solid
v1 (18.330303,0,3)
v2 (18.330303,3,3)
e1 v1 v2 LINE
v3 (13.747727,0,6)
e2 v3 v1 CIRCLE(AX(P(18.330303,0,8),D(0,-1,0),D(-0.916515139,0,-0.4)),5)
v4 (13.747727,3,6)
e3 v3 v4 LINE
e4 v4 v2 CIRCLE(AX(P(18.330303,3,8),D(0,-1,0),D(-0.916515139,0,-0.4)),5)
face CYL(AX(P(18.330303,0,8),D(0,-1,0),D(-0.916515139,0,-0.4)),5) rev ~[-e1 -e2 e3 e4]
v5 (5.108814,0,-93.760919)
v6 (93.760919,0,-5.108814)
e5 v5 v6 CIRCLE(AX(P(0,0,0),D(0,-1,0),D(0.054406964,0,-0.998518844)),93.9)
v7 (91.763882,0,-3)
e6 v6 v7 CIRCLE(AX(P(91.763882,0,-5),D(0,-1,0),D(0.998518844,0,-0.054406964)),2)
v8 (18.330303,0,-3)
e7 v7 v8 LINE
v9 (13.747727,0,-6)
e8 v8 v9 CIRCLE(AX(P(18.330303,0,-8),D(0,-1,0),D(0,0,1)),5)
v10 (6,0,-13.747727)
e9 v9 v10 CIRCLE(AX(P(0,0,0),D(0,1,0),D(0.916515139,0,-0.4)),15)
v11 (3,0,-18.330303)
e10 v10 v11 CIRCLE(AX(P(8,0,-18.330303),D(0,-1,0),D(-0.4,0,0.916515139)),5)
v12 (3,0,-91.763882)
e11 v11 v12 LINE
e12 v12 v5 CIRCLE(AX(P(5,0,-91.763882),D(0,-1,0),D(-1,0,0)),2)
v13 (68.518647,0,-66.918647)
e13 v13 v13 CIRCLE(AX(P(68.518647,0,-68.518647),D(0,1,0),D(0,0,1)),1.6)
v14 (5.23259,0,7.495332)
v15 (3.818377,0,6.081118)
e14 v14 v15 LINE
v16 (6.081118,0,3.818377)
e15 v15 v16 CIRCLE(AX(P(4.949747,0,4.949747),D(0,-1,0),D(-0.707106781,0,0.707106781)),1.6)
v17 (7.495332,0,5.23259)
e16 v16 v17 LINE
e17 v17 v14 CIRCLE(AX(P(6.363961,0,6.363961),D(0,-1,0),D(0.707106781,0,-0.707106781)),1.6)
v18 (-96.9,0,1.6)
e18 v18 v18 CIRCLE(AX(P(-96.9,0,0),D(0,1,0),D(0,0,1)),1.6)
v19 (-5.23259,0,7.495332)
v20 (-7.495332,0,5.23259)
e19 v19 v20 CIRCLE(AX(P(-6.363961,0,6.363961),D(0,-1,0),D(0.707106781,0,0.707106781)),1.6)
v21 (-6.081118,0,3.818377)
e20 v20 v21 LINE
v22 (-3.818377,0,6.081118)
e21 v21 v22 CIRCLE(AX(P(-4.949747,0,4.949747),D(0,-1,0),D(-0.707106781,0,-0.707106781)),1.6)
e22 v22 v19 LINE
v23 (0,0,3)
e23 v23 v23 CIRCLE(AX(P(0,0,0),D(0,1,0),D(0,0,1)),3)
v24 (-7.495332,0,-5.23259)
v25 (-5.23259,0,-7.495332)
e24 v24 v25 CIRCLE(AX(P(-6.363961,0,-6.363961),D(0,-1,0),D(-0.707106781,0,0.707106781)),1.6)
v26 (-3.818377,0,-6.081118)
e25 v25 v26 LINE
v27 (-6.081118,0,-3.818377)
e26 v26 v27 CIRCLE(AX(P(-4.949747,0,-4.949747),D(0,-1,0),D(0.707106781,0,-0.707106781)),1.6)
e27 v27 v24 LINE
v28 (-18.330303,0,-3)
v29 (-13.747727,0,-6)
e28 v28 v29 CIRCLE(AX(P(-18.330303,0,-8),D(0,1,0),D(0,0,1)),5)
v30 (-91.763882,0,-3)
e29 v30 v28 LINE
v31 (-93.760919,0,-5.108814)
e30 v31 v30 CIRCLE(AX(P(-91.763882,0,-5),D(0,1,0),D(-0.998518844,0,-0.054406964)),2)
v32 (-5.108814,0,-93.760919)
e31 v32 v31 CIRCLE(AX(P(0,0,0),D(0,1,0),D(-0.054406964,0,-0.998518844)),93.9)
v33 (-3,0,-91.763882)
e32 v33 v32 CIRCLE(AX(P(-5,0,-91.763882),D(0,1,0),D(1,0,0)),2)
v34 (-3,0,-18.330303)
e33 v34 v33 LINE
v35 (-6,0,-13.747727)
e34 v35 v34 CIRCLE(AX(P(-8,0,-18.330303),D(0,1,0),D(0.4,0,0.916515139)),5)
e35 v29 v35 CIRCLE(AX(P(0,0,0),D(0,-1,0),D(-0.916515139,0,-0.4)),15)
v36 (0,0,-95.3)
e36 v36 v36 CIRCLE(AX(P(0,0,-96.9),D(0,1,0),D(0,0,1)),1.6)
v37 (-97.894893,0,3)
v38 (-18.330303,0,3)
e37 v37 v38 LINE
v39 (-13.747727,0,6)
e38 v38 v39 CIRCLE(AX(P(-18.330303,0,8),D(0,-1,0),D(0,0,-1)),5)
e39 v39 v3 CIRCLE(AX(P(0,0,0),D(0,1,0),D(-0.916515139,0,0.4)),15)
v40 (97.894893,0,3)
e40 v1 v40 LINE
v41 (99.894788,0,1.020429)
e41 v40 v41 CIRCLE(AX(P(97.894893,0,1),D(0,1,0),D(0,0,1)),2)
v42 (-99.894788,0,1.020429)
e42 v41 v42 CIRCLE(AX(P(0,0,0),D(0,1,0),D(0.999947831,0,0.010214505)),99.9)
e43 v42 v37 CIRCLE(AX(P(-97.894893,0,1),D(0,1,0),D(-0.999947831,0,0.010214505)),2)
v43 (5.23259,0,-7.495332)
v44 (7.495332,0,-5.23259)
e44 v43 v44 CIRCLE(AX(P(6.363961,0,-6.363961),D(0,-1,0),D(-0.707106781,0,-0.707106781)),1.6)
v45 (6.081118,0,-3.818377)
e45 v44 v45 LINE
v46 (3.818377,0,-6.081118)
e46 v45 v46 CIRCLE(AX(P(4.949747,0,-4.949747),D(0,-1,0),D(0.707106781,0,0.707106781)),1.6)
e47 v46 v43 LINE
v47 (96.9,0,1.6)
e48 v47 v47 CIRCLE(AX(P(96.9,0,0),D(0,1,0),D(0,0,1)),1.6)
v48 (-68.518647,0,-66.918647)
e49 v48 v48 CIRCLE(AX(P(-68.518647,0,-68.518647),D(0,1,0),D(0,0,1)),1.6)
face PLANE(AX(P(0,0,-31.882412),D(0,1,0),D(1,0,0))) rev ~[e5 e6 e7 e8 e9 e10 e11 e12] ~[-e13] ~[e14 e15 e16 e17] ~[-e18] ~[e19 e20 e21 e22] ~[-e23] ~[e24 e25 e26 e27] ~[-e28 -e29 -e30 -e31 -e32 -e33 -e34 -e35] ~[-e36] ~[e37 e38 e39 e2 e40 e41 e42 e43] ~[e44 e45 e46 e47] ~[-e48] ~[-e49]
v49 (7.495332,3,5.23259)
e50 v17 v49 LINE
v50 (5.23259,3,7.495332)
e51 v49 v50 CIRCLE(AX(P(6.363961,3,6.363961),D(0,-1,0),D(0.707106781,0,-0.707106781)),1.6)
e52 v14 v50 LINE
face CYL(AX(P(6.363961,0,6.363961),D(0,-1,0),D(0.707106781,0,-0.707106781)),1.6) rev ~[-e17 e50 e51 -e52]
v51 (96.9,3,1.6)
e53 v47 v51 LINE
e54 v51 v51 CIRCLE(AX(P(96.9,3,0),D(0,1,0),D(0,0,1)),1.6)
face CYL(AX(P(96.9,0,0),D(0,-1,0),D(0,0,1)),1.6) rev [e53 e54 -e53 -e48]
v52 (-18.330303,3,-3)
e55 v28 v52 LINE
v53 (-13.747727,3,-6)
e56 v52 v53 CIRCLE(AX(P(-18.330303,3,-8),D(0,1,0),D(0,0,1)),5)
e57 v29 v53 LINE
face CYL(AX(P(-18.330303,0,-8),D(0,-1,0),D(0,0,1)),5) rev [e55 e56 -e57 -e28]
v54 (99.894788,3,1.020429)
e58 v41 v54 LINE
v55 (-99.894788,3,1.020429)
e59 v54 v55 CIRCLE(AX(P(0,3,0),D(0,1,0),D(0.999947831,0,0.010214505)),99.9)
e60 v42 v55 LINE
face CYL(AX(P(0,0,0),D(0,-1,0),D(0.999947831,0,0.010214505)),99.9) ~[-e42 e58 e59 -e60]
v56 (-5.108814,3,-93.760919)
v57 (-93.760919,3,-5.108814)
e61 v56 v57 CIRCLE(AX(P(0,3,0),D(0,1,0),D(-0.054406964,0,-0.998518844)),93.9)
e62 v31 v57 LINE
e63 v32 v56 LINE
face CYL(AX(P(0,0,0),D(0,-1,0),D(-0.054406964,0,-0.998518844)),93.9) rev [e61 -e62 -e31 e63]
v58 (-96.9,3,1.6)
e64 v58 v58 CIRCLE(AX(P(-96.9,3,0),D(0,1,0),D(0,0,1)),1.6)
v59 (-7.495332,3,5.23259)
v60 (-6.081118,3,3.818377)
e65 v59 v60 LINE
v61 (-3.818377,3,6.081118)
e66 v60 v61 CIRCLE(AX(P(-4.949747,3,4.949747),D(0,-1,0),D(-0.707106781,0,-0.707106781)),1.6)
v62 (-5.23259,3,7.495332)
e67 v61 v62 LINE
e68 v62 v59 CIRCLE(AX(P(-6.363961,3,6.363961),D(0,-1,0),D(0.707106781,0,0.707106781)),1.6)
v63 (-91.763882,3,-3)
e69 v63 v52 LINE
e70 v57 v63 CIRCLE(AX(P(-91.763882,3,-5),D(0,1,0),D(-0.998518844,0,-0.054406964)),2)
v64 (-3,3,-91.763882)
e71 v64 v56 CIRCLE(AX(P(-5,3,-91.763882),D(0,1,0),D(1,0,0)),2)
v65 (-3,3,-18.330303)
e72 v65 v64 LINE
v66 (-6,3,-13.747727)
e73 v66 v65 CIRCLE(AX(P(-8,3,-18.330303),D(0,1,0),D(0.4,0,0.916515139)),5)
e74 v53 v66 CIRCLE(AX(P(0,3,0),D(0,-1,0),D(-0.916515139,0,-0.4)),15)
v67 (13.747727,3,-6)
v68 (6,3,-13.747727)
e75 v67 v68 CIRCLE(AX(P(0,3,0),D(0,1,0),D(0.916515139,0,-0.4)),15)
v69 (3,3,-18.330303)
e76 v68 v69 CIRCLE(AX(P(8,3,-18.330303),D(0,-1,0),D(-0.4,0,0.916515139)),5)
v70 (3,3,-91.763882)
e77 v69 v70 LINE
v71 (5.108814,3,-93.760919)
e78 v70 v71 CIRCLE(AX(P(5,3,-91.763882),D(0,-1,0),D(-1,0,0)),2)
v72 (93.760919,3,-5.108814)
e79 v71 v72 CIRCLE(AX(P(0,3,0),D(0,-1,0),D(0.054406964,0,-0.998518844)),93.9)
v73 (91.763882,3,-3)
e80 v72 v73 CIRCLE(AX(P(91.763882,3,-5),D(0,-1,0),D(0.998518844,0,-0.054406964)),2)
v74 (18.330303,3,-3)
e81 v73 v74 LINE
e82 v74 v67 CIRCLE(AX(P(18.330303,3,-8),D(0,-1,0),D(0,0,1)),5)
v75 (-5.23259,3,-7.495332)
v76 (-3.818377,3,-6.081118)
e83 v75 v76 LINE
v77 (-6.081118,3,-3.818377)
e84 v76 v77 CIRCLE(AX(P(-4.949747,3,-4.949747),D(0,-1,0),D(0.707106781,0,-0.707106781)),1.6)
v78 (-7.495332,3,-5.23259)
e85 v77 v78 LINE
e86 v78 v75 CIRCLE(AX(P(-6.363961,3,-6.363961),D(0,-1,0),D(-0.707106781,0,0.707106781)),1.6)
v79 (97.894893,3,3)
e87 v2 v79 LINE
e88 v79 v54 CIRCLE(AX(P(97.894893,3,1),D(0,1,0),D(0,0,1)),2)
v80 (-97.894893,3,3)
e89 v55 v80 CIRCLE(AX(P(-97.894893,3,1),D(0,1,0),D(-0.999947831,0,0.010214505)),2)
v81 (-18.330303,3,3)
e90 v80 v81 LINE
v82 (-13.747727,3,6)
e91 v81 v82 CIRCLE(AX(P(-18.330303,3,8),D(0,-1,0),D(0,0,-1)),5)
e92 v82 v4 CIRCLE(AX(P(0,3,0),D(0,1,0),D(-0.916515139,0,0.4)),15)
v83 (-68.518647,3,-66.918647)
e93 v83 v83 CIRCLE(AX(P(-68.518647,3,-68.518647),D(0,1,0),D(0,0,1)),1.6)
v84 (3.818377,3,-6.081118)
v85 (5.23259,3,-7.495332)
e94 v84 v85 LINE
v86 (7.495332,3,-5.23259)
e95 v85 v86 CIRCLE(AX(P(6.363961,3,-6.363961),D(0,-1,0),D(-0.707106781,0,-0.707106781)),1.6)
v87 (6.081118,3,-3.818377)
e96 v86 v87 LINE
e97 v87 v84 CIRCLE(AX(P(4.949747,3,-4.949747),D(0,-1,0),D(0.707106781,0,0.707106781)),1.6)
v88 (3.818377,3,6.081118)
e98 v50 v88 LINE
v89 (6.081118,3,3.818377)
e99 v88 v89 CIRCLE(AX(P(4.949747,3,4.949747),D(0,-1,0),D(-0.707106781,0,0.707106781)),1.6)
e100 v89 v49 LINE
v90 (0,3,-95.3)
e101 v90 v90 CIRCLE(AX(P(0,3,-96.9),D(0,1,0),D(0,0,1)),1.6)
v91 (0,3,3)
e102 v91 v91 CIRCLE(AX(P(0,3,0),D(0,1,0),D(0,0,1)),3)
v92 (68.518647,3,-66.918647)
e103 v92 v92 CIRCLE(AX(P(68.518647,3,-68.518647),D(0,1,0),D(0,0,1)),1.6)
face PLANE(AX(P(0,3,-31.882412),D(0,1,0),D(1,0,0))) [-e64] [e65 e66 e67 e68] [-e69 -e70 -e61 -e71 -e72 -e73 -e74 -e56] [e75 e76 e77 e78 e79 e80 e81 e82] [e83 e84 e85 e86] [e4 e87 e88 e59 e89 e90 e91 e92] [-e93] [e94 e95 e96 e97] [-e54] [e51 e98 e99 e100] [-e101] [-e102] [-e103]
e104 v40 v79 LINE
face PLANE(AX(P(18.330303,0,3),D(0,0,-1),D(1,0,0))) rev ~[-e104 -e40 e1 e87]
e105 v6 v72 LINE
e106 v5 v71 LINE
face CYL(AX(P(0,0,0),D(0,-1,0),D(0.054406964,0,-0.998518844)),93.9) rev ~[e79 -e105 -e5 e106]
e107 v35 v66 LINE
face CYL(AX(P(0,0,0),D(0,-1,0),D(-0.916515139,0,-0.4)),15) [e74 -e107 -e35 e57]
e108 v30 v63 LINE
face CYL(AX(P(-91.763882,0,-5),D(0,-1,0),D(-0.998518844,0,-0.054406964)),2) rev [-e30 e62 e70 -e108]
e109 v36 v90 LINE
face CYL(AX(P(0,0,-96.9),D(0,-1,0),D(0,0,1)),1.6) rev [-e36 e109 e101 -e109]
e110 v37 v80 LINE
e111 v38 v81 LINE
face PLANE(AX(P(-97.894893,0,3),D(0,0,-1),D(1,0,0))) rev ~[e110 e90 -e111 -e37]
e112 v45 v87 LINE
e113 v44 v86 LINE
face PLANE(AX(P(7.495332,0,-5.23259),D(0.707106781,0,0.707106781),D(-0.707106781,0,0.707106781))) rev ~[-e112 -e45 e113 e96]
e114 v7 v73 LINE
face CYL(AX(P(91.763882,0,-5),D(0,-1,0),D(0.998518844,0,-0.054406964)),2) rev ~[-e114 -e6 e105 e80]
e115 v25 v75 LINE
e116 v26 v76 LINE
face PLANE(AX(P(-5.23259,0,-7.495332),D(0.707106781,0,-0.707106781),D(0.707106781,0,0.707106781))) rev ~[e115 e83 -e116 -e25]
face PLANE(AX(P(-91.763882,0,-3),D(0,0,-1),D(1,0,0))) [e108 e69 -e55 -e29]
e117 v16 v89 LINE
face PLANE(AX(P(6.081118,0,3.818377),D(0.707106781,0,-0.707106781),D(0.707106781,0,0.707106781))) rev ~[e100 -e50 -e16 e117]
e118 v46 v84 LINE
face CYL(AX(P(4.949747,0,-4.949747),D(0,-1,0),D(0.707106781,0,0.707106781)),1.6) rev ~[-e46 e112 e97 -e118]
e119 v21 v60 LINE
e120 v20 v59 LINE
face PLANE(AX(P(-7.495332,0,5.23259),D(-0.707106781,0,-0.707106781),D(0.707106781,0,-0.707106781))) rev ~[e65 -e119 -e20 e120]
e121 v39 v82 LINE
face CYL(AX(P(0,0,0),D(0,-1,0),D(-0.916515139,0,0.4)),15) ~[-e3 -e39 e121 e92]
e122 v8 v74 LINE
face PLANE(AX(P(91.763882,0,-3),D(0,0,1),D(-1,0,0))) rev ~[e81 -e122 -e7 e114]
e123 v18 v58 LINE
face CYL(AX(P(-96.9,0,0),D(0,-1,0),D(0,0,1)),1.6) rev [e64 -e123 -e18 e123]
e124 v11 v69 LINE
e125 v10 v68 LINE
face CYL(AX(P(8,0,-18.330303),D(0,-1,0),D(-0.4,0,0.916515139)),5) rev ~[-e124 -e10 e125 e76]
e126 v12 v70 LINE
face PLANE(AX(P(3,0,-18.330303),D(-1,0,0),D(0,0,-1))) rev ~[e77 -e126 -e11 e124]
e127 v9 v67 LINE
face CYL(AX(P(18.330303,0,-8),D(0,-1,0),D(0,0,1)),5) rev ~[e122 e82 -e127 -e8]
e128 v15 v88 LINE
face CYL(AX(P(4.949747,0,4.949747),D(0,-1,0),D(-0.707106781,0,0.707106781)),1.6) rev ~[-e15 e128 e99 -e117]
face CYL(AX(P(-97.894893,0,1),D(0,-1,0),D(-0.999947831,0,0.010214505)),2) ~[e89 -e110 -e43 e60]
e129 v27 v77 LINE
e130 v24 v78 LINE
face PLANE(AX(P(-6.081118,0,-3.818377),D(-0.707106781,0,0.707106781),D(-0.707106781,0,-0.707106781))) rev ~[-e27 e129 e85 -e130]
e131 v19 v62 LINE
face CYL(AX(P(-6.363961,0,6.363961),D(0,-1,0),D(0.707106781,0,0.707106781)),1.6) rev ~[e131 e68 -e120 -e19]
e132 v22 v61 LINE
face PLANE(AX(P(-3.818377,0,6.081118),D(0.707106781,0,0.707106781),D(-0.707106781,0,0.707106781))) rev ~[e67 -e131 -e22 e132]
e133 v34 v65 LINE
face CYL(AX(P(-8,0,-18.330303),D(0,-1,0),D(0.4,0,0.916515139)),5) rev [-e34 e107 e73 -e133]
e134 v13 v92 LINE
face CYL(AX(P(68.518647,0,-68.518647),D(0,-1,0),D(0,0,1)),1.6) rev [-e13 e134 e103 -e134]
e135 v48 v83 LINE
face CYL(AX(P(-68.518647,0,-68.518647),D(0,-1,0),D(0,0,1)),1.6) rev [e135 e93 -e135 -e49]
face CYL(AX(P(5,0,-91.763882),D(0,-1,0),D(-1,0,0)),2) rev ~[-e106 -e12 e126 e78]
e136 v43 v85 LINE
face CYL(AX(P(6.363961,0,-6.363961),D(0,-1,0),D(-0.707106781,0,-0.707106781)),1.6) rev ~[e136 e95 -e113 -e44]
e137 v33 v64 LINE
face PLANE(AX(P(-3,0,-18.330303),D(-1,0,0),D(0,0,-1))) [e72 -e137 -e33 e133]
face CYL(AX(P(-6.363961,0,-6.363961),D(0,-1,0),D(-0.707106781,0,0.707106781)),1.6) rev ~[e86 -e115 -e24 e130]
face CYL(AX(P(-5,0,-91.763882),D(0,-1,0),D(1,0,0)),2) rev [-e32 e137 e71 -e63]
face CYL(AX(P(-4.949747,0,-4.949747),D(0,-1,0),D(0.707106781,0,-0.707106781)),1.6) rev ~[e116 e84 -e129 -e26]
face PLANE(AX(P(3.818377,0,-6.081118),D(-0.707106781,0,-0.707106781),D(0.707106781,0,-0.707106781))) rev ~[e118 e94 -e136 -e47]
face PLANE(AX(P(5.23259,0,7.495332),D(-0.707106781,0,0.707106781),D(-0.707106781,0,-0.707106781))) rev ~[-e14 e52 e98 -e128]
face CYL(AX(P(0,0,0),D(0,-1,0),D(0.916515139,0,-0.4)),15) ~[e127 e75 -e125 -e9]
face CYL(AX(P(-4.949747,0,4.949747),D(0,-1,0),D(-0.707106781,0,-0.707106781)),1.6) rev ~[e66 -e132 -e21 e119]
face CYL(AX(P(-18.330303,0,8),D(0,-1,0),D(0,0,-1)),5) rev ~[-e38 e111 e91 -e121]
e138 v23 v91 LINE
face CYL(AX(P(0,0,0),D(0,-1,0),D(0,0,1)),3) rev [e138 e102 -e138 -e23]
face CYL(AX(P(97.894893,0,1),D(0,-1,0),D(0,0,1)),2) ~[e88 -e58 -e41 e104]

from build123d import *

# Parameters (mm, degrees)
SKETCH_1_R      = 1.6
SKETCH_1_R_2    = 3
EXTRUDE_1_DEPTH = 3


with BuildPart() as part:
    # 草图1 → 凸台-拉伸1 (new body)
    with BuildSketch(Plane(origin=(0, 0, 0), x_dir=(1, 0, 0), z_dir=(0, 1, 0))):
        with BuildLine():
            Line((-97.894892614, -3), (-18.33030278, -3))
            ThreePointArc((-18.33030278, -3), (-15.591689992, -3.816699867), (-13.747727085, -6))
            ThreePointArc((-13.747727085, -6), (0, -15), (13.747727085, -6))
            ThreePointArc((13.747727085, -6), (15.591689992, -3.816699867), (18.33030278, -3))
            Line((18.33030278, -3), (97.894892614, -3))
            ThreePointArc((97.894892614, -3), (99.301864892, -2.421417957), (99.894788276, -1.020429009))
            ThreePointArc((99.894788276, -1.020429009), (0, 99.9), (-99.894788276, -1.020429009))
            ThreePointArc((-99.894788276, -1.020429009), (-99.301864892, -2.421417957), (-97.894892614, -3))
        make_face()
        with Locations(Location((0, 96.9, 0), (0, 0, 270))):
            Circle(SKETCH_1_R, mode=Mode.SUBTRACT)
        with Locations(Location((68.518647097, 68.518647097, 0), (0, 0, 270))):
            Circle(SKETCH_1_R, mode=Mode.SUBTRACT)
        with Locations(Location((96.9, 0, 0), (0, 0, 270))):
            Circle(SKETCH_1_R, mode=Mode.SUBTRACT)
        with Locations(Location((-96.9, 0, 0), (0, 0, 270))):
            Circle(SKETCH_1_R, mode=Mode.SUBTRACT)
        with Locations(Location((-68.518647097, 68.518647097, 0), (0, 0, 270))):
            Circle(SKETCH_1_R, mode=Mode.SUBTRACT)
        with Locations(Location((0, 0, 0), (0, 0, 270))):
            Circle(SKETCH_1_R_2, mode=Mode.SUBTRACT)
        with BuildLine():
            Line((6.081118318, -3.818376618), (7.495331881, -5.232590181))
            ThreePointArc((7.495331881, -5.232590181), (7.495331881, -7.495331881), (5.232590181, -7.495331881))
            Line((5.232590181, -7.495331881), (3.818376618, -6.081118318))
            ThreePointArc((3.818376618, -6.081118318), (3.818376618, -3.818376618), (6.081118318, -3.818376618))
        make_face(mode=Mode.SUBTRACT)
        with BuildLine():
            Line((-3.818376618, -6.081118318), (-5.232590181, -7.495331881))
            ThreePointArc((-5.232590181, -7.495331881), (-7.495331881, -7.495331881), (-7.495331881, -5.232590181))
            Line((-7.495331881, -5.232590181), (-6.081118318, -3.818376618))
            ThreePointArc((-6.081118318, -3.818376618), (-3.818376618, -3.818376618), (-3.818376618, -6.081118318))
        make_face(mode=Mode.SUBTRACT)
        with BuildLine():
            Line((-6.081118318, 3.818376618), (-7.495331881, 5.232590181))
            ThreePointArc((-7.495331881, 5.232590181), (-7.495331881, 7.495331881), (-5.232590181, 7.495331881))
            Line((-5.232590181, 7.495331881), (-3.818376618, 6.081118318))
            ThreePointArc((-3.818376618, 6.081118318), (-3.818376618, 3.818376618), (-6.081118318, 3.818376618))
        make_face(mode=Mode.SUBTRACT)
        with BuildLine():
            Line((3.818376618, 6.081118318), (5.232590181, 7.495331881))
            ThreePointArc((5.232590181, 7.495331881), (7.495331881, 7.495331881), (7.495331881, 5.232590181))
            Line((7.495331881, 5.232590181), (6.081118318, 3.818376618))
            ThreePointArc((6.081118318, 3.818376618), (3.818376618, 3.818376618), (3.818376618, 6.081118318))
        make_face(mode=Mode.SUBTRACT)
        with BuildLine():
            Line((-91.763881784, 3), (-18.33030278, 3))
            ThreePointArc((-18.33030278, 3), (-15.591689992, 3.816699867), (-13.747727085, 6))
            ThreePointArc((-13.747727085, 6), (-10.606601718, 10.606601718), (-6, 13.747727085))
            ThreePointArc((-6, 13.747727085), (-3.816699867, 15.591689992), (-3, 18.33030278))
            Line((-3, 18.33030278), (-3, 91.763881784))
            ThreePointArc((-3, 91.763881784), (-3.624795989, 93.216057368), (-5.108813928, 93.760919472))
            ThreePointArc((-5.108813928, 93.760919472), (-66.397326753, 66.397326753), (-93.760919472, 5.108813928))
            ThreePointArc((-93.760919472, 5.108813928), (-93.216057368, 3.624795989), (-91.763881784, 3))
        make_face(mode=Mode.SUBTRACT)
        with BuildLine():
            Line((3, 18.33030278), (3, 91.763881784))
            ThreePointArc((3, 91.763881784), (3.624795989, 93.216057368), (5.108813928, 93.760919472))
            ThreePointArc((5.108813928, 93.760919472), (66.397326753, 66.397326753), (93.760919472, 5.108813928))
            ThreePointArc((93.760919472, 5.108813928), (93.216057368, 3.624795989), (91.763881784, 3))
            Line((91.763881784, 3), (18.33030278, 3))
            ThreePointArc((18.33030278, 3), (15.591689992, 3.816699867), (13.747727085, 6))
            ThreePointArc((13.747727085, 6), (10.606601718, 10.606601718), (6, 13.747727085))
            ThreePointArc((6, 13.747727085), (3.816699867, 15.591689992), (3, 18.33030278))
        make_face(mode=Mode.SUBTRACT)
    extrude(amount=EXTRUDE_1_DEPTH)


solid = part.part
